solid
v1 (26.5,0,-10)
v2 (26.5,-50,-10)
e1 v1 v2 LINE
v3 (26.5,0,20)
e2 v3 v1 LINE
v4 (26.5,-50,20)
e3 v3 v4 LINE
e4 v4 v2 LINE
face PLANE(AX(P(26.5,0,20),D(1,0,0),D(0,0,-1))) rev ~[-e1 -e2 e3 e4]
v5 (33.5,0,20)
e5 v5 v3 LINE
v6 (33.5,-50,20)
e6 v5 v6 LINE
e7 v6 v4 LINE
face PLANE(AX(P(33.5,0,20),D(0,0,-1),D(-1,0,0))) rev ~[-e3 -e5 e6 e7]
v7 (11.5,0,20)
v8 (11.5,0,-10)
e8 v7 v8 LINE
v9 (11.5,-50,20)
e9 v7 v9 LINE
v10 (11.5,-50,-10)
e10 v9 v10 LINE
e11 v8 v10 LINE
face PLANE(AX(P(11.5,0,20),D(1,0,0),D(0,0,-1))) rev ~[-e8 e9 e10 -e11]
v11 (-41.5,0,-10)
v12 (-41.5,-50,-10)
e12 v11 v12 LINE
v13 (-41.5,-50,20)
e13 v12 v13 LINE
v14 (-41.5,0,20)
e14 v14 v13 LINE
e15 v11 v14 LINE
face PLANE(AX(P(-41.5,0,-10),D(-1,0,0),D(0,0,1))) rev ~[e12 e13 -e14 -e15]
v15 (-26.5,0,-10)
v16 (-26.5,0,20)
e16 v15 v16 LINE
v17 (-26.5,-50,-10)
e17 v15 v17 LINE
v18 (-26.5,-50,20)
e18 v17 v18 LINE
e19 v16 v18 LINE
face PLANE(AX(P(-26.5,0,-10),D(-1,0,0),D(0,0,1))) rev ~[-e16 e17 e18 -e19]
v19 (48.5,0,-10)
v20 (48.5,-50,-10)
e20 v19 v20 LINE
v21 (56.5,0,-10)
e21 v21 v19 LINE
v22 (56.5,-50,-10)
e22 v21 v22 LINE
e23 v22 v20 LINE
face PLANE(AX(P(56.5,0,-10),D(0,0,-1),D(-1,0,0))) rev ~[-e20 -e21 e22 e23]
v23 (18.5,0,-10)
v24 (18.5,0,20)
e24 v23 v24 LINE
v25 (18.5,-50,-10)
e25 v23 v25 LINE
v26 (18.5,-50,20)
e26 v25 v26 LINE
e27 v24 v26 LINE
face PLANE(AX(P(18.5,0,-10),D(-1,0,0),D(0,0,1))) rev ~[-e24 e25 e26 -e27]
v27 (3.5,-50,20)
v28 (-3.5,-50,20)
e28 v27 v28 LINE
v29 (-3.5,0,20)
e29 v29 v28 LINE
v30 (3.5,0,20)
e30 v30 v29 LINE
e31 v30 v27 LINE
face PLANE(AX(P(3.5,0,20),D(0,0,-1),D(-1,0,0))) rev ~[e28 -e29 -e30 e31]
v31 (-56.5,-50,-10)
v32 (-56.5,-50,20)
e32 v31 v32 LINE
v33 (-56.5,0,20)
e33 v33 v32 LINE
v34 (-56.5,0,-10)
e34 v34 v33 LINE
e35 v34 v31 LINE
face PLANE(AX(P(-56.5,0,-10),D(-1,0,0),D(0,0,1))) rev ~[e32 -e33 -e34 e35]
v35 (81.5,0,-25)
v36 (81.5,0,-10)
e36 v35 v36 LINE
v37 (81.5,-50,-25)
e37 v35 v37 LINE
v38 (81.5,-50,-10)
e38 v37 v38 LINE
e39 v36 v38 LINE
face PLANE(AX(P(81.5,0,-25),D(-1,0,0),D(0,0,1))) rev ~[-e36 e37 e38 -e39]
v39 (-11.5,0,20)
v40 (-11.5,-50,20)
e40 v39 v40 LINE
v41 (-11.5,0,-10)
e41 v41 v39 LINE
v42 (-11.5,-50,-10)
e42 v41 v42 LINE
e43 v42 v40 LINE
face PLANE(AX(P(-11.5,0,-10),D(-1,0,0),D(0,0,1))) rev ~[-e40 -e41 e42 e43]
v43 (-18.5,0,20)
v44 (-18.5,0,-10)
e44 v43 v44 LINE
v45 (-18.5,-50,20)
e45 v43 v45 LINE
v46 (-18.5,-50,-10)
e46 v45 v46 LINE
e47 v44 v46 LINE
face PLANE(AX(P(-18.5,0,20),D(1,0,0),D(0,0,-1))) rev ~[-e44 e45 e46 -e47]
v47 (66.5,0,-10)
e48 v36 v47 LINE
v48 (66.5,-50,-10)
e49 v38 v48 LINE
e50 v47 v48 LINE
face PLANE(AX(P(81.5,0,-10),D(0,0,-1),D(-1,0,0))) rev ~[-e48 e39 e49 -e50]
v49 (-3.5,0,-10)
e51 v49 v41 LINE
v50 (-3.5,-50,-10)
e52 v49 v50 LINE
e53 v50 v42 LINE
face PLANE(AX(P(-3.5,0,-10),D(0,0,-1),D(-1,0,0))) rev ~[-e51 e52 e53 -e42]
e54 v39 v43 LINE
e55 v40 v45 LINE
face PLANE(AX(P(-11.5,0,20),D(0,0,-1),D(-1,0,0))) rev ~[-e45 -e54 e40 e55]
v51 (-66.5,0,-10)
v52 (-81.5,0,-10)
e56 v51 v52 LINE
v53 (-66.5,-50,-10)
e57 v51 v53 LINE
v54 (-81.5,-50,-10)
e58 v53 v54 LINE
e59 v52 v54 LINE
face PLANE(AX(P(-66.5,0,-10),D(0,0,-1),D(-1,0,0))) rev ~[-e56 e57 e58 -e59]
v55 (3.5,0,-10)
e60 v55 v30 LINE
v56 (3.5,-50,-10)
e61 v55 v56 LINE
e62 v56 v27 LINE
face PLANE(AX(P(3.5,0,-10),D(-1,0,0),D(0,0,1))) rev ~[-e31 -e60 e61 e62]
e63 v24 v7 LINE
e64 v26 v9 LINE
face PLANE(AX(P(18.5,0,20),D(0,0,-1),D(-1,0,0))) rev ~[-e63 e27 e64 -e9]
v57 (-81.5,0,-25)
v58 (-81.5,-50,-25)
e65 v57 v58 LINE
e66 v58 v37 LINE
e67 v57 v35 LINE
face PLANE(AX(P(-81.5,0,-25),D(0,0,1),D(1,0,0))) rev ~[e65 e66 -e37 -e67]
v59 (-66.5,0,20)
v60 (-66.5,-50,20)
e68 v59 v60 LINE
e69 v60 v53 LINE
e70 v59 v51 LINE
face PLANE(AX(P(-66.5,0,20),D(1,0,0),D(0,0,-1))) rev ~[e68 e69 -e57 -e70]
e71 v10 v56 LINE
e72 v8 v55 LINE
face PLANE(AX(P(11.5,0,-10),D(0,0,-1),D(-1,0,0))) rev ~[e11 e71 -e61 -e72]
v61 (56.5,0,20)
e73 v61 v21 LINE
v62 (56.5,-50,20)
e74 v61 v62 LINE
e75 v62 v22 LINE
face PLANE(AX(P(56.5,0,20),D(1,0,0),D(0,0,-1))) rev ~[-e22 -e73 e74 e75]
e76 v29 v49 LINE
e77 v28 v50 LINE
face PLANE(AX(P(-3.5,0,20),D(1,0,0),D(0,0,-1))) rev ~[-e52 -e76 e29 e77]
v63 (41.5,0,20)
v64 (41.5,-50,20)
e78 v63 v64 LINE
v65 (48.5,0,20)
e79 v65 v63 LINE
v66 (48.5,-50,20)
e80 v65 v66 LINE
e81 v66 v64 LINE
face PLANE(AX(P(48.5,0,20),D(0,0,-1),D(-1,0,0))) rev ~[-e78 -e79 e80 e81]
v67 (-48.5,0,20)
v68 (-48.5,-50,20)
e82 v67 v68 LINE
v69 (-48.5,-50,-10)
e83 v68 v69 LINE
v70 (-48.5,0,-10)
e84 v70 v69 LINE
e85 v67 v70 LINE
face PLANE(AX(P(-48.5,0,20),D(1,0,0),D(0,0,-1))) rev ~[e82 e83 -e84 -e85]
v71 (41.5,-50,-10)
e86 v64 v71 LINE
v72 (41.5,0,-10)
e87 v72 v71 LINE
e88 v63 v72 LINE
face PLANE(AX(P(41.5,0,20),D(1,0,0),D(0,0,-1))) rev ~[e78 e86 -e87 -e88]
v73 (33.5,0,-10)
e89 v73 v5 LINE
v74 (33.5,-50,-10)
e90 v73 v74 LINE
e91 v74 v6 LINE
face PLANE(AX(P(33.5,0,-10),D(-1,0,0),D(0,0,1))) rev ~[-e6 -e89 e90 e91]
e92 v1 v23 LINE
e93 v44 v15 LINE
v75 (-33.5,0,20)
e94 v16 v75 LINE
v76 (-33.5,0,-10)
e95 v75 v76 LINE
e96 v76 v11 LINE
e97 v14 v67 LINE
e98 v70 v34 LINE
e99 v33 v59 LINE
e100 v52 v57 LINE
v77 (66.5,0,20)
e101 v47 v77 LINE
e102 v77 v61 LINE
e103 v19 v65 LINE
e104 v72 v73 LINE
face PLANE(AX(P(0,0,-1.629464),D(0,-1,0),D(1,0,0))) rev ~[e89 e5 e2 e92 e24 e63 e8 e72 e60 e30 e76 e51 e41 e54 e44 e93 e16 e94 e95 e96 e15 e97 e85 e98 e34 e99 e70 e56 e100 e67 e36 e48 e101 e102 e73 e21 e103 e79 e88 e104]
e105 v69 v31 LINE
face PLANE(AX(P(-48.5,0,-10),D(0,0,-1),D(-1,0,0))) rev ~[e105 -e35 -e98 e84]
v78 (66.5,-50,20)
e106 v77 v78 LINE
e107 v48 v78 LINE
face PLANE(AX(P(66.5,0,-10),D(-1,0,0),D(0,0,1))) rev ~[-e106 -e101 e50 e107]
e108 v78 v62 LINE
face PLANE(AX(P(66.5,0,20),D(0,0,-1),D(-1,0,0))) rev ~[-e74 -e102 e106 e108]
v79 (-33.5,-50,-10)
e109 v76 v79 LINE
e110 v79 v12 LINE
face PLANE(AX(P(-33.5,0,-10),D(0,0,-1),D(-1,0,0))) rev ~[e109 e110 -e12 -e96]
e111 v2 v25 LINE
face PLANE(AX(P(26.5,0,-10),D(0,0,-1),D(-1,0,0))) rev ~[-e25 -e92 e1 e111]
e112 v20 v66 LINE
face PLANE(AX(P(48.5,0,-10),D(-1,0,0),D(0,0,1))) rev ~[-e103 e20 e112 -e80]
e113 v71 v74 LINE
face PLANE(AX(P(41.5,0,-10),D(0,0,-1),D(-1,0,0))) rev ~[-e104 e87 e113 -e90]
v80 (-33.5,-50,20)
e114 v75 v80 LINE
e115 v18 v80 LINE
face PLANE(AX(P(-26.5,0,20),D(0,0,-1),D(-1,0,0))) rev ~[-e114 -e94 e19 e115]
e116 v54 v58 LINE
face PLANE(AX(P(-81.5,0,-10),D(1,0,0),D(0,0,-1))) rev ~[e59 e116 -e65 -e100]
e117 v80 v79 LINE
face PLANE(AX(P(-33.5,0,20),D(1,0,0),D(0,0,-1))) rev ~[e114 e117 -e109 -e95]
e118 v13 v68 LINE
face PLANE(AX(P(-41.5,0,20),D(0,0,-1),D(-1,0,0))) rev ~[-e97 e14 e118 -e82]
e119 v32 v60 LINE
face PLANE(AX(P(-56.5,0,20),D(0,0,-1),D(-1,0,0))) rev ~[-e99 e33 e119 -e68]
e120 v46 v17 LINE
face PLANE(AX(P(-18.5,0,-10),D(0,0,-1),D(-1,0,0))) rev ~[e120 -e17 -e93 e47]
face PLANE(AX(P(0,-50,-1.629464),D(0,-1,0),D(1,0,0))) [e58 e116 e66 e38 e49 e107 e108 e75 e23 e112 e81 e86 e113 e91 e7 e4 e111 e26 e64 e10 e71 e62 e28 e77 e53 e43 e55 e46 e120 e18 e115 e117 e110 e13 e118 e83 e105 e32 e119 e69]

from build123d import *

# Parameters (mm, degrees)
F1_DEPTH = 50


with BuildPart() as f1:
    # F0 (on Front) → F1 (new body)
    with BuildSketch(Plane.XZ):
        Polygon((-81.5, -25), (81.5, -25), (81.5, -10), (66.5, -10), (66.5, 20), (56.5, 20), (56.5, -10), (48.5, -10), (48.5, 20), (41.5, 20), (41.5, -10), (33.5, -10), (33.5, 20), (26.5, 20), (26.5, -10), (18.5, -10), (18.5, 20), (11.5, 20), (11.5, -10), (3.5, -10), (3.5, 20), (-3.5, 20), (-3.5, -10), (-11.5, -10), (-11.5, 20), (-18.5, 20), (-18.5, -10), (-26.5, -10), (-26.5, 20), (-33.5, 20), (-33.5, -10), (-41.5, -10), (-41.5, 20), (-48.5, 20), (-48.5, -10), (-56.5, -10), (-56.5, 20), (-66.5, 20), (-66.5, -10), (-81.5, -10), align=None)
    extrude(amount=F1_DEPTH)


solid = f1.part
